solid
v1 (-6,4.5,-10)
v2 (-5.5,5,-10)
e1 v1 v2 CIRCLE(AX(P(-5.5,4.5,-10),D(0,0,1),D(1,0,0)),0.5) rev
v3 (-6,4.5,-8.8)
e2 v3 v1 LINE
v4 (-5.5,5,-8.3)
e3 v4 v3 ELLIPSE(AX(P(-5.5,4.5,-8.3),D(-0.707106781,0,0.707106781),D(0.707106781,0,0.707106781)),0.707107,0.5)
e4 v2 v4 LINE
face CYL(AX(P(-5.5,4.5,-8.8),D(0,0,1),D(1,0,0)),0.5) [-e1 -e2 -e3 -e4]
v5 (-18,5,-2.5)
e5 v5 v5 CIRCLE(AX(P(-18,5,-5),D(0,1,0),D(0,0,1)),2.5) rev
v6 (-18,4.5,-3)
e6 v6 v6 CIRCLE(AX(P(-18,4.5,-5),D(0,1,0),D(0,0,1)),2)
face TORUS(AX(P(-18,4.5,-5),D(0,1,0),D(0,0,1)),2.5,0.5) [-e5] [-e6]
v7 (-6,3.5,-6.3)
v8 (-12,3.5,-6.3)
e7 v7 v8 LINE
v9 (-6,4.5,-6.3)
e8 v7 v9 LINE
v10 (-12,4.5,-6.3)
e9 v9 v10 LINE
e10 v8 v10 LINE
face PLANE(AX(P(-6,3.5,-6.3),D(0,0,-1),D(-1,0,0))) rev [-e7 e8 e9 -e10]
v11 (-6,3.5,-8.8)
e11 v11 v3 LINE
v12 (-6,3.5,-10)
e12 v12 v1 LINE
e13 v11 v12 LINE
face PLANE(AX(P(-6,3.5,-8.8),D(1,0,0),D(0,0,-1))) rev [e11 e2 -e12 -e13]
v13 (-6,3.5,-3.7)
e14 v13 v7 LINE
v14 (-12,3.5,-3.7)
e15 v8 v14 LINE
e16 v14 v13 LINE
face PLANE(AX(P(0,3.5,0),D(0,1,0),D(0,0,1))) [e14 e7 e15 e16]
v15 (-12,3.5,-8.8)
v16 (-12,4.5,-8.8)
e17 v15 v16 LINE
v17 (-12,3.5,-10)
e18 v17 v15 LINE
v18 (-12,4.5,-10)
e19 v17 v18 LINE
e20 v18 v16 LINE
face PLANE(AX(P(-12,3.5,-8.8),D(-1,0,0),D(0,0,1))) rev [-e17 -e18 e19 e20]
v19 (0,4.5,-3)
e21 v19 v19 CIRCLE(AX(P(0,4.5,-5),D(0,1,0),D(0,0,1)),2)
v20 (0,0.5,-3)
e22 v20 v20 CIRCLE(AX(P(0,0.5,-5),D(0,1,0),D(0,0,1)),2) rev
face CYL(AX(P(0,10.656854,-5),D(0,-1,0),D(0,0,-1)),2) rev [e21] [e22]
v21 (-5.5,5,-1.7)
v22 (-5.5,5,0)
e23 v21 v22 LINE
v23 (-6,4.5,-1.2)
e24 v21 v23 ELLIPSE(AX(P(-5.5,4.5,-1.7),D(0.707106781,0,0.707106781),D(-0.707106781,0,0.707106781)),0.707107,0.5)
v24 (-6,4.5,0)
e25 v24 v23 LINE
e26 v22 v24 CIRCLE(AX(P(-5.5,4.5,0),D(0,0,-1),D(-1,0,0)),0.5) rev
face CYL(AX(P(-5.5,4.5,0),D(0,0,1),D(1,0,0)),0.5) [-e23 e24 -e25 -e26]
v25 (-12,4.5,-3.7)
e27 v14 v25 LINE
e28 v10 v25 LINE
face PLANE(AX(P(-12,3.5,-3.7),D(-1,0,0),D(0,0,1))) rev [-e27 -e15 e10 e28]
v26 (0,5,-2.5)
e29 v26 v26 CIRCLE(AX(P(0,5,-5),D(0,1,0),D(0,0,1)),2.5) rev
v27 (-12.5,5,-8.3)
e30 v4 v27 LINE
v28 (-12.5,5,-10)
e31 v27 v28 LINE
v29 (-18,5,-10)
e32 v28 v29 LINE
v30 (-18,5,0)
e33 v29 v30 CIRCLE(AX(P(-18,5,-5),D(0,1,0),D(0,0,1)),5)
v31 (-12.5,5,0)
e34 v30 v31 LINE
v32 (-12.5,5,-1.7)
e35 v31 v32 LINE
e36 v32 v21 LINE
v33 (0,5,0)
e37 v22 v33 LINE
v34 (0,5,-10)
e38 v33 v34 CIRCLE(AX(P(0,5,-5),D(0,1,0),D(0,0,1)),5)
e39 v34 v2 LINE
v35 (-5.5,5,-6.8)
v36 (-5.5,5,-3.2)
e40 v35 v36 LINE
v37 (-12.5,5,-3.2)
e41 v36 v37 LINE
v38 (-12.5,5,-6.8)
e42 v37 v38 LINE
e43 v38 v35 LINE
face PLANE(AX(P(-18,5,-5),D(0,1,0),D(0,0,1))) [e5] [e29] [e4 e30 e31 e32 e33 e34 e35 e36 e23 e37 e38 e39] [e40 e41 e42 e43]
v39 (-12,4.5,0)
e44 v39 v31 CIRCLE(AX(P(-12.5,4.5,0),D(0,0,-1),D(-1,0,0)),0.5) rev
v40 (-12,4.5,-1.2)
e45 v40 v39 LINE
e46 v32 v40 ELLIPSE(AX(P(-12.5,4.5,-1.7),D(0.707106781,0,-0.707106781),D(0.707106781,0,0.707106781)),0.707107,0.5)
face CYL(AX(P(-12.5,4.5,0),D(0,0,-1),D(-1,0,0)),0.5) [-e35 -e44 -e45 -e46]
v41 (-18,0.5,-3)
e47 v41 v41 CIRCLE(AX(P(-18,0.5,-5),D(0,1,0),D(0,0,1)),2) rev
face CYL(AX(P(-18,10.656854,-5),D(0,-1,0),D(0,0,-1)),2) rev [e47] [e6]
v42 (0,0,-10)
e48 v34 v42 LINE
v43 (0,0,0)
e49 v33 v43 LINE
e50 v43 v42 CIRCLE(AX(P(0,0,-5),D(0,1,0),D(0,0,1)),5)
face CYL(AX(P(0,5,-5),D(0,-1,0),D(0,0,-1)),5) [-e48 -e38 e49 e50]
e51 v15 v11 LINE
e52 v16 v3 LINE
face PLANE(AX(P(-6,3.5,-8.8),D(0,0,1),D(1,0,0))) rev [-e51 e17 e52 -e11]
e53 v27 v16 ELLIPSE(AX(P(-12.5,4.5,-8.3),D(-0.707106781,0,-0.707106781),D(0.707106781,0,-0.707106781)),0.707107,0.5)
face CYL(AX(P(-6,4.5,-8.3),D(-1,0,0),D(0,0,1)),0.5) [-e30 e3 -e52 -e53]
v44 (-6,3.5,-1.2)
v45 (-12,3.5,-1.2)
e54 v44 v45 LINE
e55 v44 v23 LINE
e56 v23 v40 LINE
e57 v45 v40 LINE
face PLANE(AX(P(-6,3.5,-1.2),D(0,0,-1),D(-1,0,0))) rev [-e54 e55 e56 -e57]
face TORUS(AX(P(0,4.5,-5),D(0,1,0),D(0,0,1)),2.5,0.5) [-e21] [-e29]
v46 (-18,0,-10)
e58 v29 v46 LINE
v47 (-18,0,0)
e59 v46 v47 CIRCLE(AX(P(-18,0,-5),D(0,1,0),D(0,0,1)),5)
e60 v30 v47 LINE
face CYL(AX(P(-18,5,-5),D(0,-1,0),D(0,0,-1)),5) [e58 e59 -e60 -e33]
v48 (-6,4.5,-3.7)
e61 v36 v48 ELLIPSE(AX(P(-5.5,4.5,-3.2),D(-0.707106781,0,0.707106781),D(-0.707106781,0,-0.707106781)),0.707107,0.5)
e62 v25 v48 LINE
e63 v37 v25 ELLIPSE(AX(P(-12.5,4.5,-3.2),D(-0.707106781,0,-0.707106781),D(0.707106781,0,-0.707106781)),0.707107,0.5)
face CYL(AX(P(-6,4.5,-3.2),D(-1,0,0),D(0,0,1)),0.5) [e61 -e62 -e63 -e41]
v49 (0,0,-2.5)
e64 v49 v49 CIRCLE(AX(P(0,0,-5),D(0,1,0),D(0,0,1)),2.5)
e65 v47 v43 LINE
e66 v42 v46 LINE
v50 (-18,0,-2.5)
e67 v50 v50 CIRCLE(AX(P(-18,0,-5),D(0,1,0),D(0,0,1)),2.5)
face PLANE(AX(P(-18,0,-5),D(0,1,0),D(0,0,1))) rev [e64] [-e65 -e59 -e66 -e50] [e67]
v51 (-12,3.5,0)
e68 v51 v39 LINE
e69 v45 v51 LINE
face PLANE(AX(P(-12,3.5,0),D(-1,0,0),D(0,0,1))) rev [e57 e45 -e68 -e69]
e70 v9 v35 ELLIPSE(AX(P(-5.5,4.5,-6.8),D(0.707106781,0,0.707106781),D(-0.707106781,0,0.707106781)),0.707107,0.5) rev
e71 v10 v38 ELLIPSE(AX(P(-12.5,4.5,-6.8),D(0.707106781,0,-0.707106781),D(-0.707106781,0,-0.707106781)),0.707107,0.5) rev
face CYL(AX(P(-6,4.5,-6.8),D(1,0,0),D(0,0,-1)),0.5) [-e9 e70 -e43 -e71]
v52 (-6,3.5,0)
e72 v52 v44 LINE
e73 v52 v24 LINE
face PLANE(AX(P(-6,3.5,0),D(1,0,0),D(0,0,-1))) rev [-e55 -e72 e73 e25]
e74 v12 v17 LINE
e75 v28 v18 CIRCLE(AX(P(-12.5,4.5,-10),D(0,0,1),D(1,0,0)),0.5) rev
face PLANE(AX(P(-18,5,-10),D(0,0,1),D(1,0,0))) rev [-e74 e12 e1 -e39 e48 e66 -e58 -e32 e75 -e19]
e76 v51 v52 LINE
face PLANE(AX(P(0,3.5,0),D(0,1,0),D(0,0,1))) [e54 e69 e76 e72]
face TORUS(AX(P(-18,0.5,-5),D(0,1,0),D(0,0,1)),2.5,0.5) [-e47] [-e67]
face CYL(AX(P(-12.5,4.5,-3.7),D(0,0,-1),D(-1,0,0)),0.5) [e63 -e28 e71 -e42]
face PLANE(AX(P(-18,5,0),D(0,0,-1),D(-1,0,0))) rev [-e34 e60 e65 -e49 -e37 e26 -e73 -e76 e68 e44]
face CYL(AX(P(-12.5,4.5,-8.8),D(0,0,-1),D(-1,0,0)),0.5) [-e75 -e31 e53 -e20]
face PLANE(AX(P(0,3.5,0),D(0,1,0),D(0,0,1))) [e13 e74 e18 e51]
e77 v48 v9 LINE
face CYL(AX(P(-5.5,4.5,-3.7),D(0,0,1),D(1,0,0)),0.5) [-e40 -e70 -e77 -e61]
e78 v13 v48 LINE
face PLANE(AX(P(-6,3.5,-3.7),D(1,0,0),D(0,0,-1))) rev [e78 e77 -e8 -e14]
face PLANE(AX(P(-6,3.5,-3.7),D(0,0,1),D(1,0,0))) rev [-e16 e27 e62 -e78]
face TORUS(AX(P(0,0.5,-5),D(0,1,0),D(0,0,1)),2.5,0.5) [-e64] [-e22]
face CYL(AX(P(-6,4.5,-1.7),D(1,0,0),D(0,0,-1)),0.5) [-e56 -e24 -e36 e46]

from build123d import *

# Parameters (mm, degrees)
BOSS_EXTRUDE1_DEPTH = 5
SCREW_HOLES_R       = 2
CUT_EXTRUDE1_DEPTH  = 5
FILLET2_R           = 0.5
BELT_CUT_OUTS_W     = 6
BELT_CUT_OUTS_H     = 1.2
BELT_CUT_OUTS_H_2   = 2.6
CUT_EXTRUDE2_DEPTH  = 1.5
FILLET3_R           = 0.5


with BuildPart() as part:
    # Belt Clamp → Boss-Extrude1 (new body)
    with BuildSketch(Plane(origin=(0, 0, 0), x_dir=(1, 0, 0), z_dir=(0, 1, 0))):
        with BuildLine():
            Line((-18, 10), (0, 10))
            ThreePointArc((0, 10), (5, 5), (0, 0))
            Line((0, 0), (-18, 0))
            ThreePointArc((-18, 0), (-23, 5), (-18, 10))
        make_face()
    extrude(amount=BOSS_EXTRUDE1_DEPTH)

    # Screw Holes → Cut-Extrude1 (cut)
    with BuildSketch(Plane.XZ):
        with Locations(Location((-18, -5, 0), (0, 0, 270))):
            Circle(SCREW_HOLES_R)
        with Locations(Location((0, -5, 0), (0, 0, 270))):
            Circle(SCREW_HOLES_R)
    extrude(amount=-CUT_EXTRUDE1_DEPTH, mode=Mode.SUBTRACT)

    # Fillet2
    fillet2_edges = [part.edges().sort_by_distance(p)[0] for p in [
        (-18, 0, -3),
        (-18, 5, -3),
        (0, 0, -3),
        (0, 5, -3),
    ]]
    fillet(fillet2_edges, radius=FILLET2_R)

    # Belt cut outs → Cut-Extrude2 (cut)
    with BuildSketch(Plane(origin=(0, 5, 0), x_dir=(1, 0, 0), z_dir=(0, 1, 0))):
        with Locations((-9, 0.6)):
            Rectangle(BELT_CUT_OUTS_W, BELT_CUT_OUTS_H)
        with Locations((-9, 5)):
            Rectangle(BELT_CUT_OUTS_W, BELT_CUT_OUTS_H_2)
        with Locations((-9, 9.4)):
            Rectangle(BELT_CUT_OUTS_W, BELT_CUT_OUTS_H)
    extrude(amount=-CUT_EXTRUDE2_DEPTH, mode=Mode.SUBTRACT)

    # Fillet3
    fillet3_edges = [part.edges().sort_by_distance(p)[0] for p in [
        (-12, 5, -0.6),
        (-6, 5, -0.6),
        (-9, 5, -1.2),
        (-12, 5, -9.4),
        (-9, 5, -8.8),
        (-6, 5, -9.4),
        (-12, 5, -5),
        (-9, 5, -3.7),
        (-6, 5, -5),
        (-9, 5, -6.3),
    ]]
    fillet(fillet3_edges, radius=FILLET3_R)


solid = part.part
